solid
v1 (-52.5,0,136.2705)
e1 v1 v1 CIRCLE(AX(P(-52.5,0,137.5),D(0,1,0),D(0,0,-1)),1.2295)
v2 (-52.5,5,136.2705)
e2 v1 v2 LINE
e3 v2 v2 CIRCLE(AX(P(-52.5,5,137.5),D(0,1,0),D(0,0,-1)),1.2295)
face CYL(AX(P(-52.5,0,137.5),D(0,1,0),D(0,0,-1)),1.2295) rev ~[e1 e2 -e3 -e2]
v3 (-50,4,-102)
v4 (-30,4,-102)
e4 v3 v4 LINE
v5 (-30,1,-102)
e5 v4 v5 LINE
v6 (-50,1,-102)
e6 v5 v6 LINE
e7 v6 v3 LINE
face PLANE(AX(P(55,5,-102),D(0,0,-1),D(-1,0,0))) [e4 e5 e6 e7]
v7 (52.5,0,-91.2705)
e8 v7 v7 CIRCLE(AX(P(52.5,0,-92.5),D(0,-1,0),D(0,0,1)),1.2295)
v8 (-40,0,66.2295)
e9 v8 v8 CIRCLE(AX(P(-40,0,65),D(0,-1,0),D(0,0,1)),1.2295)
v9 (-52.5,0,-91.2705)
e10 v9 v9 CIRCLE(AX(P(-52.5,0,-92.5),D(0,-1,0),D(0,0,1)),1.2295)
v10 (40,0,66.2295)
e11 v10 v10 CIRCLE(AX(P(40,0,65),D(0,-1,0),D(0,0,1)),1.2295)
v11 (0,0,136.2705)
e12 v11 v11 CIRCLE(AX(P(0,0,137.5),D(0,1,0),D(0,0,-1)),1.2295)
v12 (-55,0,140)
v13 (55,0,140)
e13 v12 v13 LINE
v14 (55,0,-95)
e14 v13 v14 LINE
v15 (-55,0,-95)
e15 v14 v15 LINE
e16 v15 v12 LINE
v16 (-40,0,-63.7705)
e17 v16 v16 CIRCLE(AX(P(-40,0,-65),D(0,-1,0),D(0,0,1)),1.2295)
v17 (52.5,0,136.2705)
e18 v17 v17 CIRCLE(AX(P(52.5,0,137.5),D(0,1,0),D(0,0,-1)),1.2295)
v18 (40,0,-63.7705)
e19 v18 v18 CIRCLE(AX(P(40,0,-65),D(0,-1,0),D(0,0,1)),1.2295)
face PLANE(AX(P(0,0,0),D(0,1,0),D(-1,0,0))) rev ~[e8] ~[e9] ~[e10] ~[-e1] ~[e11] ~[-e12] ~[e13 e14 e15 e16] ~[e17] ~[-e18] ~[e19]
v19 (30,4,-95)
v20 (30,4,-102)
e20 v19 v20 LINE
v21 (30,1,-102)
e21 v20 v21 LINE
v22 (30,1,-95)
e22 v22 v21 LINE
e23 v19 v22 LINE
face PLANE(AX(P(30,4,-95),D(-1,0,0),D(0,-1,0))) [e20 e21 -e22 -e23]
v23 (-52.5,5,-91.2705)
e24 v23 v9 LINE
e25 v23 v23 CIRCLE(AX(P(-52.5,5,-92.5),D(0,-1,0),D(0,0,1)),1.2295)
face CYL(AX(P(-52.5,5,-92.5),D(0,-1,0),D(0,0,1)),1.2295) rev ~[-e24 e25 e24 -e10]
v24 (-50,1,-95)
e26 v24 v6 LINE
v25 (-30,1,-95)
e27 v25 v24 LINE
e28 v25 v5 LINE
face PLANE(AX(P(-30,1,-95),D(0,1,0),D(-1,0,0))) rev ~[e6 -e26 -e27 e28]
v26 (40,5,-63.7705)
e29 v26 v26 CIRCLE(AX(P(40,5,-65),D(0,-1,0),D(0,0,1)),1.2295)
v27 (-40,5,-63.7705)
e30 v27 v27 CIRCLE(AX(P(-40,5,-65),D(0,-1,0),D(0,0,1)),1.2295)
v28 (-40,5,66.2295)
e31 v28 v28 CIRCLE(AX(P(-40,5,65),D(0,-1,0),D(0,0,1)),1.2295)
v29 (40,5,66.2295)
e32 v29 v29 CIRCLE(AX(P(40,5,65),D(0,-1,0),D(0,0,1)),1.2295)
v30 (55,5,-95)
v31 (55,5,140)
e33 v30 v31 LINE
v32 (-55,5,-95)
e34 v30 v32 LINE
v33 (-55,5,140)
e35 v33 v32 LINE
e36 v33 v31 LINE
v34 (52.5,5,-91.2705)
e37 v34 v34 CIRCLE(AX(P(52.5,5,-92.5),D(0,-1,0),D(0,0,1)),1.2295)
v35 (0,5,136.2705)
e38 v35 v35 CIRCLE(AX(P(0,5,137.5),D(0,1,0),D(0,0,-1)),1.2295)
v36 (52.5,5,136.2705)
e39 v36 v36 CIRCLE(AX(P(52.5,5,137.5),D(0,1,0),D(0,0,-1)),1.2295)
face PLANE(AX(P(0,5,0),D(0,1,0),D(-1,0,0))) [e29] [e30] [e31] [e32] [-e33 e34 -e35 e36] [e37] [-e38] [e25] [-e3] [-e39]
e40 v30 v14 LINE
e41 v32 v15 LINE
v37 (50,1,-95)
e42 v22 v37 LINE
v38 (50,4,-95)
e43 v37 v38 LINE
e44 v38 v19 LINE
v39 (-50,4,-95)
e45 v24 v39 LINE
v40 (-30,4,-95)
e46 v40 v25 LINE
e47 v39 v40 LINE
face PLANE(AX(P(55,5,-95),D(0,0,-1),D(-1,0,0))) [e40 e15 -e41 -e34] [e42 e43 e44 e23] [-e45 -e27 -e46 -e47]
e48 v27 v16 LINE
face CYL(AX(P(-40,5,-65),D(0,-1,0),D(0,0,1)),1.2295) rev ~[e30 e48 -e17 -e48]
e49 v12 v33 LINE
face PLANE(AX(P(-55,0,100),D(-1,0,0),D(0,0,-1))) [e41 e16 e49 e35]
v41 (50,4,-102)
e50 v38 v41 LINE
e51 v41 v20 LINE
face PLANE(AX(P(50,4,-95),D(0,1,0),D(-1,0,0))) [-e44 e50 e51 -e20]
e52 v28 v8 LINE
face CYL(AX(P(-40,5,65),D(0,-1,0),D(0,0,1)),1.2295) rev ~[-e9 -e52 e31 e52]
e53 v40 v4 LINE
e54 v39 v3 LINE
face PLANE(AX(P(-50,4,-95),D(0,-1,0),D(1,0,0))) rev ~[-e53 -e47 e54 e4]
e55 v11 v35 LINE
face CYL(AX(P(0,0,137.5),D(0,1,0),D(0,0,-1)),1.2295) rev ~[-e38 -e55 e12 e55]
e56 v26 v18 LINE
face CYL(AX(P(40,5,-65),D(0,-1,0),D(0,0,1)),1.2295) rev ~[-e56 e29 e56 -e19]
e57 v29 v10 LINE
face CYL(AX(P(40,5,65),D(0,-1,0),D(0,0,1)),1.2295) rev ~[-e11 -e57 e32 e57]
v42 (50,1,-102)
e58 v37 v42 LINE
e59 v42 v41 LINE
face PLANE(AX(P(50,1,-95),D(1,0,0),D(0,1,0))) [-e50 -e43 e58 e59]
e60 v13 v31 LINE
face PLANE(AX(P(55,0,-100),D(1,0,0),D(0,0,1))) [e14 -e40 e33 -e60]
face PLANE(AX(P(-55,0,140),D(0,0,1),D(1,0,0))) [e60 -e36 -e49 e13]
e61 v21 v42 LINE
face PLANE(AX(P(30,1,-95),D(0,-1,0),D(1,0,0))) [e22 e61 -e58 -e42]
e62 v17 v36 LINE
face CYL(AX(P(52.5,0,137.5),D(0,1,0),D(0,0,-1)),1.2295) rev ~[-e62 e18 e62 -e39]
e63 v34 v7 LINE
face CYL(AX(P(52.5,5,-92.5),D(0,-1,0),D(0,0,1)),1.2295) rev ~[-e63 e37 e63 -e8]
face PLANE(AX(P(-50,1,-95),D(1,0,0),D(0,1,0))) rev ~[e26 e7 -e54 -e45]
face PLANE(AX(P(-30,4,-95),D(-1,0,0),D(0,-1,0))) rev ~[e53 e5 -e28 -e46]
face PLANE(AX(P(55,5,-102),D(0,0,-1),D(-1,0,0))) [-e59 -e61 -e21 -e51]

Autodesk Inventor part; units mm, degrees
ref_plane "YZ Plane" through (0, 0, 0) normal (1, 0, 0) x (0, 1, 0)
ref_plane "XZ Plane" through (0, 0, 0) normal (0, 1, 0) x (-1, 0, 0)
ref_plane "XY Plane" through (0, 0, 0) normal (0, 0, 1) x (1, 0, 0)
sketch "Esquisse1" plane through (0, 0, 0) normal (0, 1, 0) x (-1, 0, 0)
  line L0 (55, -100) -> (-55, -100)
  line L1 (-55, -100) -> (-55, 100)
  line L2 (-55, 100) -> (55, 100)
  line L3 (55, 100) -> (55, -100)
  line L4 (55, -100) -> (-55, 100) construction
  line L5 (-55, -100) -> (55, 100) construction
  point P0 (0, 0)
  dimension "d0" = 110
  dimension "d1" = 200
extrude "Extrusion1" add sketch "Esquisse1" along normal blind 5
sketch "Esquisse6" plane through (-55, 0, 100) normal (0, 0, 1) x (1, 0, 0)
  line L0 (0, 0) -> (110, 0) projected
  line L1 (110, 0) -> (110, 5) projected
  line L2 (0, 5) -> (110, 5) projected
  line L3 (0, 0) -> (0, 5) projected
  point P0 (55, 0)
extrude "Extrusion2" add sketch "Esquisse6" along normal blind 40
sketch "Esquisse3" plane through (0, 0, 0) normal (0, -1, 0) x (1, 0, 0)
  line L0 (0, 0) -> (52.5, 0)
  line L1 (52.5, 0) -> (52.5, -97.5)
  line L2 (0, 28.6272) -> (0, -29.3855)
  line L3 (0, 0) -> (0, 137.5)
  line L4 (0, 137.5) -> (52.5, 137.5)
  point P0 (-52.5, -97.5)
  point P1 (-52.5, 137.5)
  dimension "d18" = 52.5
  dimension "d19" = 97.5
  dimension "d49" = 137.5
  dimension "d50" = 52.5
hole "Perçage2" at (52.5, 0, -97.5) at (-52.5, 0, -97.5) at (-52.5, 0, 137.5) at (52.5, 0, 137.5) direction (0, 1, 0) diameter 2.459 end through all thread size "M3x0.5" class "6H" standard "ISO Metric profile"
sketch "Esquisse5" plane through (0, 5, 0) normal (0, 1, 0) x (1, 0, 0)
  line L0 (0, 0) -> (-40, 0)
  line L1 (-40, 0) -> (-40, 65)
  line L2 (-40, 65) -> (40, 65)
  line L3 (40, 65) -> (40, -65)
  line L4 (40, -65) -> (-40, -65)
  line L5 (-40, -65) -> (-40, 0)
  dimension "d36" = 40
  dimension "d37" = 65
  dimension "d38" = 80
  dimension "d39" = 130
hole "Perçage4" at (-40, 5, -65) at (40, 5, -65) at (40, 5, 65) at (-40, 5, 65) direction (0, -1, 0) diameter 2.459 end through all thread size "M3x0.5" class "6H" standard "ISO Metric profile"
sketch "Esquisse4" plane through (0, 0, 0) normal (0, -1, 0) x (1, 0, 0)
  line L0 (0, 0) -> (0, 137.5)
  line L1 (0, 0) -> (87.5, 0)
  line L2 (0, 0) -> (0, -97.5)
  line L3 (55, -100) -> (-55, -100) projected
  point P0 (-87.5, 0)
  dimension "d27" = 137.5
  dimension "d28" = 87.5
  dimension "d51" = 97.5
hole "Perçage3" at (87.5, 0, 0) at (0, 0, 137.5) at (-87.5, 0, 0) at (0, 0, -97.5) direction (0, 1, 0) diameter 2.459 end through all thread size "M3x0.5" class "6H" standard "ISO Metric profile"
sketch "Esquisse7" plane through (0, 5, 0) normal (0, 1, 0) x (1, 0, 0)
  line L0 (55, 100) -> (-55, 100) projected
  line L1 (55, 100) -> (55, -140) projected
  line L2 (-55, 100) -> (55, 100)
  line L3 (55, 100) -> (55, 95)
  line L4 (55, 95) -> (-55, 95)
  line L5 (-55, 95) -> (-55, 100)
  point P0 (0, 0)
  dimension "d52" = 5
extrude "Extrusion3" cut sketch "Esquisse7" against normal blind 10
sketch "Esquisse8" plane through (0, 5, 0) normal (0, 1, 0) x (1, 0, 0)
  line L0 (-55, 95) -> (-55, -140) projected
  line L1 (-55, 95) -> (-55, 92.5)
  line L2 (-55, 92.5) -> (-52.5, 92.5)
  line L3 (55, 95) -> (55, -140) projected
  line L4 (55, 95) -> (52.5, 95)
  line L5 (-55, 95) -> (55, 95) projected
  line L6 (52.5, 95) -> (52.5, 92.5)
  point P0 (0, 0)
  dimension "d55" = 2.5
  dimension "d56" = 2.5
  dimension "d57" = 2.5
hole "Perçage5" at (-52.5, 5, -92.5) at (52.5, 5, -92.5) direction (0, -1, 0) diameter 2.459 end through all thread size "M3x0.5" class "6H" standard "ISO Metric profile"
sketch "Esquisse9" plane through (55, 5, -95) normal (0, 0, -1) x (-1, 0, 0)
  line L0 (0, -5) -> (0, 0) projected
  line L1 (0, 0) -> (5, 0)
  line L2 (0, 0) -> (110, 0) projected
  line L3 (5, 0) -> (5, -1)
  line L4 (5, -1) -> (25, -1)
  line L5 (25, -1) -> (25, -4)
  line L6 (25, -4) -> (5, -4)
  line L7 (5, -4) -> (5, -1)
  line L8 (110, 0) -> (105, 0)
  line L9 (105, 0) -> (105, -1)
  line L10 (105, -1) -> (85, -1)
  line L11 (85, -1) -> (85, -4)
  line L12 (85, -4) -> (105, -4)
  line L13 (105, -4) -> (105, -1)
  point P0 (55, -5)
  dimension "d65" = 5
  dimension "d66" = 1
  dimension "d67" = 20
  dimension "d68" = 3
  dimension "d69" = 5
  dimension "d70" = 20
extrude "Extrusion4" add sketch "Esquisse9" along normal blind 7
properties part number "chassis_bas"
